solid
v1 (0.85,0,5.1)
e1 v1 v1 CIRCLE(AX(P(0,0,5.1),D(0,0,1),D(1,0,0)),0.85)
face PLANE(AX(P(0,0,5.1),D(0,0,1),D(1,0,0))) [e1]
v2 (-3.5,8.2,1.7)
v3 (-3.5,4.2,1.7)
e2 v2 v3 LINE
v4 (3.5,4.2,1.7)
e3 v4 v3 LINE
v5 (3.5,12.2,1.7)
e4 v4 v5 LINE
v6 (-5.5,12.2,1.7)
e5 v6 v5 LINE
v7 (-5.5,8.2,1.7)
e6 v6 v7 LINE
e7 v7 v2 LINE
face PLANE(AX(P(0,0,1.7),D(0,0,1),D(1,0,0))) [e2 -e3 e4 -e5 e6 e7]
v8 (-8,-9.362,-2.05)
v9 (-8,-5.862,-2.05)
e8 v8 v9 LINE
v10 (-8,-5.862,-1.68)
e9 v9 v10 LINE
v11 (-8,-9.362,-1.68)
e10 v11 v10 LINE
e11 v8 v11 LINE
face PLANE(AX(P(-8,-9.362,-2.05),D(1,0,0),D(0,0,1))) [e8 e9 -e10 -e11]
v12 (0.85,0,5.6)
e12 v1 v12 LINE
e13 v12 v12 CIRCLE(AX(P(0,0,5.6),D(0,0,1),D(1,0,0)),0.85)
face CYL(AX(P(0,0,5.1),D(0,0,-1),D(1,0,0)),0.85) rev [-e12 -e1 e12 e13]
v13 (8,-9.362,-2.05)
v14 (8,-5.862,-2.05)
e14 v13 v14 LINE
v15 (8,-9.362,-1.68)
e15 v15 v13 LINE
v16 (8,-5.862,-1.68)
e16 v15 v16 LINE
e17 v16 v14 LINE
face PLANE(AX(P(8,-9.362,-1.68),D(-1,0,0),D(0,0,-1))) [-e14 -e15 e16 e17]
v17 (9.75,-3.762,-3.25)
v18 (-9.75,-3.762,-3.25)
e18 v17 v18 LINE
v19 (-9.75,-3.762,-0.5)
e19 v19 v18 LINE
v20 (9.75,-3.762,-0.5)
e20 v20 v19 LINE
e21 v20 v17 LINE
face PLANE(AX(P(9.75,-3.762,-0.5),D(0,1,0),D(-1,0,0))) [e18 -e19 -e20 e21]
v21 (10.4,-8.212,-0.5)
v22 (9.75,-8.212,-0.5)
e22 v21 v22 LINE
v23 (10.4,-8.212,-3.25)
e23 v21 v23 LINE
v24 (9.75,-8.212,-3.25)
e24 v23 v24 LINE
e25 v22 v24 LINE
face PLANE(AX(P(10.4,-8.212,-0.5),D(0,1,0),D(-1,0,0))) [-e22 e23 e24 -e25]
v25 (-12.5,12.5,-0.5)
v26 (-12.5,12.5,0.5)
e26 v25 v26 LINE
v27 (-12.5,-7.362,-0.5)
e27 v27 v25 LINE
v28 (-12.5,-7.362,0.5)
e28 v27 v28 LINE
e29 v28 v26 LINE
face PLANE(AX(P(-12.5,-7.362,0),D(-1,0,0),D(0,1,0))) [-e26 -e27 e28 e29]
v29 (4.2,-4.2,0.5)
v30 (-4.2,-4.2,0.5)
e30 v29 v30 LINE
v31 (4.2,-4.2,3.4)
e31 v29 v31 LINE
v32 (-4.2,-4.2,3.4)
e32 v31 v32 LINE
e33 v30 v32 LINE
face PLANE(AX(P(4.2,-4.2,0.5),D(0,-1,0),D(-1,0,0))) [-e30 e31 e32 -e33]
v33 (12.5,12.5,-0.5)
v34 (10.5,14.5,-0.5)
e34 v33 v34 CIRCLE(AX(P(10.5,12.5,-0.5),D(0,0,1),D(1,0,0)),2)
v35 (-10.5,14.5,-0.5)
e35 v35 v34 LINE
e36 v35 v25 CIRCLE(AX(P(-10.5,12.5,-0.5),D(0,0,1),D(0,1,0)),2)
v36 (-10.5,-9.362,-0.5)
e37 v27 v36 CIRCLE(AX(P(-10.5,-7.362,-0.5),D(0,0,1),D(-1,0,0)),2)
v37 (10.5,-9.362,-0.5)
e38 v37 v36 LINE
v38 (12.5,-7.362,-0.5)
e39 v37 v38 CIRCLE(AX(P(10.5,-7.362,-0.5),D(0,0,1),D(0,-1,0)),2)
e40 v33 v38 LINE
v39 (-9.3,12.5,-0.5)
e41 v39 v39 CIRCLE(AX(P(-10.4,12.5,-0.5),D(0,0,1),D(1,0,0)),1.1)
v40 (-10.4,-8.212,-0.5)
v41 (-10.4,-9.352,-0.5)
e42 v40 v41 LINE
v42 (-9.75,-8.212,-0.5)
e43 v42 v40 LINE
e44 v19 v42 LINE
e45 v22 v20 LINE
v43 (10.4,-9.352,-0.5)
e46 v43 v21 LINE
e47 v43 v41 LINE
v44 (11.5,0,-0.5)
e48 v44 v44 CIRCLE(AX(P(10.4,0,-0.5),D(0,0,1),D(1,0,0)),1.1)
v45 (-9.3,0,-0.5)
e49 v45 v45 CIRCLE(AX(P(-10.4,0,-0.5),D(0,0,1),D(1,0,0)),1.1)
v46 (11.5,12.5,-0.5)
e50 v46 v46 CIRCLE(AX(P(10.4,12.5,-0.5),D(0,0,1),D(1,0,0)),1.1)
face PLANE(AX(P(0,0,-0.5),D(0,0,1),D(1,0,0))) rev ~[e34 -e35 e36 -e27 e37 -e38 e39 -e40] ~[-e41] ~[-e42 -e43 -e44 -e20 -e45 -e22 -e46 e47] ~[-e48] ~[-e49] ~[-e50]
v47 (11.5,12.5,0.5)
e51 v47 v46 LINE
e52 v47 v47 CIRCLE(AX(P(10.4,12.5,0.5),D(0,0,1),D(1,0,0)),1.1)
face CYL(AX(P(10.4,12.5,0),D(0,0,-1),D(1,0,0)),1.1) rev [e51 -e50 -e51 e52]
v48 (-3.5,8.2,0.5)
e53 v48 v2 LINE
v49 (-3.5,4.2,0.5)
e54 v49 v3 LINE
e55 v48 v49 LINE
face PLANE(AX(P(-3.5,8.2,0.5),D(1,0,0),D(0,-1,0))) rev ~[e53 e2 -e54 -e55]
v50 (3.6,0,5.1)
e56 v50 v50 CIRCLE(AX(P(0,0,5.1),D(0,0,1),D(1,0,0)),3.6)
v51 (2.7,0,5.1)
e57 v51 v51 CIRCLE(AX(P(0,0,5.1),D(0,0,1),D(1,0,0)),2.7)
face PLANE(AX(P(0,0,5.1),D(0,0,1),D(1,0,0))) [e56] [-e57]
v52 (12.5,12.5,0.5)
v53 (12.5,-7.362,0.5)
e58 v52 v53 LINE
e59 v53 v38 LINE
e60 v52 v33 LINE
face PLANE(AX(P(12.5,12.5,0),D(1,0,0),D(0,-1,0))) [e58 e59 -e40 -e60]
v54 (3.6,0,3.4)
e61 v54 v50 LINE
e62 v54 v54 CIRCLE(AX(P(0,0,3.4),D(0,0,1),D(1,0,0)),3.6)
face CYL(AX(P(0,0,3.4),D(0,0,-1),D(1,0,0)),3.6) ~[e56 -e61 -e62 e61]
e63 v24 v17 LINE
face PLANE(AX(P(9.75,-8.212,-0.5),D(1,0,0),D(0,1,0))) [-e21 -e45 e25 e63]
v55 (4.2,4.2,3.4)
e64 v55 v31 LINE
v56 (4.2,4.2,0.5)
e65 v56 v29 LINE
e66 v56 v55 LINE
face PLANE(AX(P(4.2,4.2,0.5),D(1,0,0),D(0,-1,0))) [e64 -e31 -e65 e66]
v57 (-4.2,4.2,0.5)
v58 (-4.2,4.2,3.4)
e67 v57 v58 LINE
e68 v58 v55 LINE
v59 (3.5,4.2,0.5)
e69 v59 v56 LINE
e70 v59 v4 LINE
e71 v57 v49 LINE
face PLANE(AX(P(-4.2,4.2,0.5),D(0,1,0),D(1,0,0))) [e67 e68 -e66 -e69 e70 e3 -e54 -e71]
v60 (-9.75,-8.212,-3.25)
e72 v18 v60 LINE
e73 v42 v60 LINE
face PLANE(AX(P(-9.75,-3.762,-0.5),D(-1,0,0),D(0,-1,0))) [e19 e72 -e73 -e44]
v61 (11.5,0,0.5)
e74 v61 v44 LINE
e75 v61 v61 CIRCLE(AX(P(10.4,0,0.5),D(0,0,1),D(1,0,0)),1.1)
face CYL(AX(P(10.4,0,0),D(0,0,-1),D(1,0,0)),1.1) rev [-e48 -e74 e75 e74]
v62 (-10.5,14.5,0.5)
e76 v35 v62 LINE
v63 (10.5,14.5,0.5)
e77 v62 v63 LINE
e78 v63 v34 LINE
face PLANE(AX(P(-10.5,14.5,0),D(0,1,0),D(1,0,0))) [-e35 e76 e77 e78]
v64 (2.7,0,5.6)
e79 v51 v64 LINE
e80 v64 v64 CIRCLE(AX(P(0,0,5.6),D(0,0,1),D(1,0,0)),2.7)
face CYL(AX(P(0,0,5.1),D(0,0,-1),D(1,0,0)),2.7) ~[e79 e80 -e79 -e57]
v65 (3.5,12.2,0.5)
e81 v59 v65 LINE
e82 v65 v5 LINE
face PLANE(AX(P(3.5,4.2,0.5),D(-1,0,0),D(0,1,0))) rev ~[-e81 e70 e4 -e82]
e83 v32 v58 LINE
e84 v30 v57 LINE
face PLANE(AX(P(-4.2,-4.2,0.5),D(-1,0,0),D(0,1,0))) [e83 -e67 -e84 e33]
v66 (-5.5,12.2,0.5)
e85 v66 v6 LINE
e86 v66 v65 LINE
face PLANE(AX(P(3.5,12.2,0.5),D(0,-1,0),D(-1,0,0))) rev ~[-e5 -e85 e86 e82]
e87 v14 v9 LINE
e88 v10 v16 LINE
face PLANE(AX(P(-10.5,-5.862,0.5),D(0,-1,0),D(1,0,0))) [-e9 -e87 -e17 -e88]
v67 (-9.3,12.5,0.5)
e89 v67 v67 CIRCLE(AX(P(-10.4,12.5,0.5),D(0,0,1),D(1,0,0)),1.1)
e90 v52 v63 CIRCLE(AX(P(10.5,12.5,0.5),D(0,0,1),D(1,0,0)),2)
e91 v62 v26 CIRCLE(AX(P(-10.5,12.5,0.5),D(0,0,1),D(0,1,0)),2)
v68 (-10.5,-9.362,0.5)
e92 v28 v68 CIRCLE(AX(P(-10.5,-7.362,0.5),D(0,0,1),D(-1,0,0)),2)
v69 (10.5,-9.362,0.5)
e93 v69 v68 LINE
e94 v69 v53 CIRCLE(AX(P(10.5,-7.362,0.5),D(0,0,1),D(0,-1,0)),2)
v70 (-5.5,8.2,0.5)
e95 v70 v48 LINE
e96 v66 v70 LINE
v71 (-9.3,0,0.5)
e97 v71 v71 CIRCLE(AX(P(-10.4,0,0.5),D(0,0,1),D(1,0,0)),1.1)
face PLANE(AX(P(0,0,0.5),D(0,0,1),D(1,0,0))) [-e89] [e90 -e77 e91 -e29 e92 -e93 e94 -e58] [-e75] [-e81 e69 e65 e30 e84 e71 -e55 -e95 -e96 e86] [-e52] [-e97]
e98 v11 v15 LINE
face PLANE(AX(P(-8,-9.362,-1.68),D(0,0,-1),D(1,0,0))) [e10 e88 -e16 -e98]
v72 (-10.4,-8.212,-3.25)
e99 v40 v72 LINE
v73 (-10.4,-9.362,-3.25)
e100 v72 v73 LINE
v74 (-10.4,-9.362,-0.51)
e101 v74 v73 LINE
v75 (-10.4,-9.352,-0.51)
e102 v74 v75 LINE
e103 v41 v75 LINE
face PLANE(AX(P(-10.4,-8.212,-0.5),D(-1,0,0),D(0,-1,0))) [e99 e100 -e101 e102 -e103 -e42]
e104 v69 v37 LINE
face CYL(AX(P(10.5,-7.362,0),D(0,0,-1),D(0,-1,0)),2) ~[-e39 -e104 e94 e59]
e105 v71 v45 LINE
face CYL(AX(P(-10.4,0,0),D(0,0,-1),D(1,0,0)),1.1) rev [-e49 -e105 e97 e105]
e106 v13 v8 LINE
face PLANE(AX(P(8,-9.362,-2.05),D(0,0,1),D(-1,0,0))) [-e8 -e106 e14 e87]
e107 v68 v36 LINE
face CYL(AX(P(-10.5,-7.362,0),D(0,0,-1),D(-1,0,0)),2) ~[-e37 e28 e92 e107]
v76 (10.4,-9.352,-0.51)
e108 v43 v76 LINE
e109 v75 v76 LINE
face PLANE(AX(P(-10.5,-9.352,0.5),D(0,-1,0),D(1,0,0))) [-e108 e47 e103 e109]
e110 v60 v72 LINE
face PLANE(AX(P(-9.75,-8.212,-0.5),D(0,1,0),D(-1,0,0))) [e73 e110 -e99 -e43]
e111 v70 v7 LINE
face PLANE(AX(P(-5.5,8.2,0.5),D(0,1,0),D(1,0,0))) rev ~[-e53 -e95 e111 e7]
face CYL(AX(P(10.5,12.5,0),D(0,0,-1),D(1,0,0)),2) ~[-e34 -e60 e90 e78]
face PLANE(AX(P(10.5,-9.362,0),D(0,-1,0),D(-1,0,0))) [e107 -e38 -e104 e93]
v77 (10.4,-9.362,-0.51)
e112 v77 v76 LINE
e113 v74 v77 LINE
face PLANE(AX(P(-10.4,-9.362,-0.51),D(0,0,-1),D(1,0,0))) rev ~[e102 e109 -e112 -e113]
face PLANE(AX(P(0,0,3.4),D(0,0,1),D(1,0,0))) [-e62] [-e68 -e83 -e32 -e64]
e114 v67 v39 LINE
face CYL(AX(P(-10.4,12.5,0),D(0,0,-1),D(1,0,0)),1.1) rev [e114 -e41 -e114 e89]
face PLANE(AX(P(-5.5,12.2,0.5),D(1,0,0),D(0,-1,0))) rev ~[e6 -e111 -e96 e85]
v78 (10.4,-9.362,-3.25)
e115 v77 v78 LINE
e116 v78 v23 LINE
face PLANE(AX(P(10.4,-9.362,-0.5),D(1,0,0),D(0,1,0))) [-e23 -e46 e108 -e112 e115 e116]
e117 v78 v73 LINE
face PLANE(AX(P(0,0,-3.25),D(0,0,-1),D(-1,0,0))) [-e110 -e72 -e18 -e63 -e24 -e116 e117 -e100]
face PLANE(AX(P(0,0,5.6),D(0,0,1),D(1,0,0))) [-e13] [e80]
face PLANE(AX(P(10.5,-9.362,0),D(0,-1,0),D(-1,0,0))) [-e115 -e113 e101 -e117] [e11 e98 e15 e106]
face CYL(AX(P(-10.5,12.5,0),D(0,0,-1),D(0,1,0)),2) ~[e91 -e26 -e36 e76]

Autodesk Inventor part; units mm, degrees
ref_plane "YZ Plane" through (0, 0, 0) normal (1, 0, 0) x (0, 1, 0)
ref_plane "XZ Plane" through (0, 0, 0) normal (0, 1, 0) x (-1, 0, 0)
ref_plane "XY Plane" through (0, 0, 0) normal (0, 0, 1) x (1, 0, 0)
sketch "Skizze1" plane through (0, 0, 0) normal (0, 0, 1) x (1, 0, 0)
  line L0 (-10.5, 14.5) -> (10.5, 14.5)
  line L1 (12.5, 12.5) -> (12.5, -7.362)
  line L2 (10.5, -9.362) -> (-10.5, -9.362)
  line L3 (-12.5, -7.362) -> (-12.5, 12.5)
  line L4 (-10.4, 12.5) -> (10.4, 12.5) construction
  line L5 (10.4, 12.5) -> (10.4, 0) construction
  line L6 (10.4, 0) -> (-10.4, 0) construction
  line L7 (-10.4, 0) -> (-10.4, 12.5) construction
  circle A0 centre (-10.4, 12.5) radius 1.1
  circle A1 centre (10.4, 12.5) radius 1.1
  circle A2 centre (-10.4, 0) radius 1.1
  circle A3 centre (10.4, 0) radius 1.1
  arc A4 (-10.5, 14.5) -> (-12.5, 12.5) centre (-10.5, 12.5) ccw
  arc A5 (12.5, 12.5) -> (10.5, 14.5) centre (10.5, 12.5) ccw
  arc A6 (10.5, -9.362) -> (12.5, -7.362) centre (10.5, -7.362) ccw
  arc A7 (-12.5, -7.362) -> (-10.5, -9.362) centre (-10.5, -7.362) ccw
  line L8 (0, -9.362) -> (0, 0) construction
  point P0 (-12.5, 14.5)
  point P1 (12.5, -9.362)
  point P2 (-12.5, -9.362)
  dimension "d0" = 25
  dimension "d1" = 23.862
  dimension "d2" = 2.2
  dimension "d3" = 2
  dimension "d4" = 20.8
  dimension "d5" = 12.5
  dimension "d6" = 2
extrude "Extrusion1" add sketch "Skizze1" along normal mid plane 1
sketch "Skizze2" plane through (0, 0, 0.5) normal (0, 0, 1) x (1, 0, 0)
  line L0 (-4.2, 4.2) -> (4.2, 4.2)
  line L1 (4.2, 4.2) -> (4.2, -4.2)
  line L2 (4.2, -4.2) -> (-4.2, -4.2)
  line L3 (-4.2, -4.2) -> (-4.2, 4.2)
  line L4 (-4.2, -4.2) -> (4.2, 4.2) construction
  point P0 (0, 0)
  point P1 (0, 0)
  dimension "d9" = 8.4
extrude "Extrusion2" add sketch "Skizze2" along normal blind 2.9
sketch "Skizze3" plane through (0, 0, 3.4) normal (0, 0, 1) x (1, 0, 0)
  circle A0 centre (0, 0) radius 3.6
  dimension "d12" = 7.2
extrude "Extrusion3" add sketch "Skizze3" along normal blind 1.7
sketch "Skizze4" plane through (0, 0, 5.1) normal (0, 0, 1) x (1, 0, 0)
  circle A0 centre (0, 0) radius 2.7
  circle A1 centre (0, 0) radius 0.85
  dimension "d15" = 5.4
  dimension "d16" = 1.7
extrude "Extrusion4" add sketch "Skizze4" along normal blind 0.5
sketch "Skizze5" plane through (0, 0, 0.5) normal (0, 0, 1) x (1, 0, 0)
  point P0 (0, 0)
sketch "Skizze6" plane through (0, 0, 0.5) normal (0, 0, 1) x (1, 0, 0)
  line L0 (4.2, 4.2) -> (-4.2, 4.2) projected
  line L1 (-3.5, 4.2) -> (3.5, 4.2)
  line L2 (3.5, 4.2) -> (3.5, 12.2)
  line L3 (3.5, 12.2) -> (-2.9111, 12.2)
  line L4 (-2.9111, 12.2) -> (-5.5, 12.2)
  line L5 (-5.5, 12.2) -> (-5.5, 8.2)
  line L6 (-5.5, 8.2) -> (-3.5, 8.2)
  line L7 (-3.5, 8.2) -> (-3.5, 4.2)
  point P0 (0, 0)
  point P1 (0, 4.2)
  dimension "d19" = 9
  dimension "d20" = 7
  dimension "d21" = 4
  dimension "d22" = 8
extrude "Extrusion5" add sketch "Skizze6" along normal blind 1.2
sketch "Skizze7" plane through (0, 0, -0.5) normal (0, 0, -1) x (-1, 0, 0)
  line L0 (-10.5, -9.362) -> (10.5, -9.362) projected
  line L1 (10.5, -9.362) -> (-10.5, -9.362) projected
  line L2 (10.4, -9.362) -> (-10.4, -9.362)
  line L3 (-10.4, -9.362) -> (-10.4, -8.212)
  line L4 (-10.4, -8.212) -> (10.4, -8.212)
  line L5 (10.4, -8.212) -> (10.4, -9.362)
  line L6 (9.75, -8.212) -> (-9.75, -8.212)
  line L7 (-9.75, -8.212) -> (-9.75, -3.762)
  line L8 (-9.75, -3.762) -> (9.75, -3.762)
  line L9 (9.75, -3.762) -> (9.75, -8.212)
  point P0 (0, 0)
  point P1 (0, -9.362)
  point P2 (0, -8.212)
  dimension "d25" = 20.8
  dimension "d26" = 1.15
  dimension "d27" = 19.5
  dimension "d28" = 5.6
extrude "Extrusion6" add sketch "Skizze7" along normal blind 2.75
sketch "Skizze8" plane through (-10.5, -9.362, 0.5) normal (0, -1, 0) x (1, 0, 0)
  line L0 (21, 0) -> (21, -1) projected
  line L1 (0, 0) -> (21, 0) projected
  line L2 (0, 0) -> (0, -1) projected
  line L3 (0.1, -1) -> (0, -1) projected
  line L4 (0.1, -1) -> (0.1, -3.75) projected
  line L5 (20.9, -3.75) -> (0.1, -3.75) projected
  line L6 (20.9, -1) -> (20.9, -3.75) projected
  line L7 (21, -1) -> (20.9, -1) projected
  line L8 (2.5, -2.18) -> (18.5, -2.18)
  line L9 (18.5, -2.18) -> (18.5, -2.55)
  line L10 (18.5, -2.55) -> (2.5, -2.55)
  line L11 (2.5, -2.55) -> (2.5, -2.18)
  line L12 (0.75, -3.75) -> (20.25, -3.75) construction
  line L13 (10.5, -3.75) -> (10.5, -2.55) construction
  line L14 (20.9, -3.75) -> (0.1, -3.75) construction
  point P0 (10.5, -0.5)
  dimension "d31" = 1.2
  dimension "d32" = 0.37
  dimension "d33" = 16
extrude "Extrusion7" cut sketch "Skizze8" against normal blind 3.5 contours L8 L9 L10 L11
ref_plane "SMD component height" through (0, 0, -1.7) normal (0, 0, -1) x (-1, 0, 0)
sketch "Skizze10" plane through (0, 0, -0.5) normal (0, 0, -1) x (-1, 0, 0)
  line L0 (12.5079, -9.362) -> (-12.5079, -9.362) construction
  line L1 (-12.5079, -9.362) -> (-12.5079, 14.5) construction
  line L2 (-12.5079, 14.5) -> (12.5079, 14.5) construction
  line L3 (12.5079, 14.5) -> (12.5079, -9.362) construction
  line L4 (10.5, 14.5) -> (-10.5, 14.5) projected
  line L5 (-10.4, -9.362) -> (10.4, -9.362) projected
  point P0 (0, 0)
  point P1 (0, 14.5)
  point P2 (0, -9.362)
decal "Aufkleber1"
sketch "Skizze11" plane through (0, 0, -3.25) normal (0, 0, -1) x (-1, 0, 0)
  line L0 (10.5, 14.5) -> (-10.5, 14.5) projected
  line L1 (12.5079, -9.362) -> (-12.5079, -9.362) construction
  line L2 (-12.5079, -9.362) -> (-12.5079, 14.5) construction
  line L3 (-12.5079, 14.5) -> (12.5079, 14.5) construction
  line L4 (12.5079, 14.5) -> (12.5079, -9.362) construction
  line L5 (-10.4, -9.362) -> (10.4, -9.362) projected
  point P0 (0, 0)
  point P1 (0, -9.362)
  point P2 (0, 14.5)
decal "Aufkleber2"
sketch "Skizze12" plane through (-10.5, -9.362, 0.5) normal (0, -1, 0) x (1, 0, 0)
  line L0 (20.9, -1) -> (20.9, -3.75) projected
  line L1 (0.1, -1) -> (0.1, -3.75) projected
  line L2 (20.9, -1) -> (0.1, -1)
  line L3 (0.1, -1) -> (0.1, -1.01)
  line L4 (0.1, -1.01) -> (20.9, -1.01)
  line L5 (20.9, -1.01) -> (20.9, -1)
  point P0 (10.5, -0.5)
  dimension "d58" = 0.01
extrude "Extrusion9" cut sketch "Skizze12" against normal blind 0.01
properties part number "Raspberry Camera V2.1"
